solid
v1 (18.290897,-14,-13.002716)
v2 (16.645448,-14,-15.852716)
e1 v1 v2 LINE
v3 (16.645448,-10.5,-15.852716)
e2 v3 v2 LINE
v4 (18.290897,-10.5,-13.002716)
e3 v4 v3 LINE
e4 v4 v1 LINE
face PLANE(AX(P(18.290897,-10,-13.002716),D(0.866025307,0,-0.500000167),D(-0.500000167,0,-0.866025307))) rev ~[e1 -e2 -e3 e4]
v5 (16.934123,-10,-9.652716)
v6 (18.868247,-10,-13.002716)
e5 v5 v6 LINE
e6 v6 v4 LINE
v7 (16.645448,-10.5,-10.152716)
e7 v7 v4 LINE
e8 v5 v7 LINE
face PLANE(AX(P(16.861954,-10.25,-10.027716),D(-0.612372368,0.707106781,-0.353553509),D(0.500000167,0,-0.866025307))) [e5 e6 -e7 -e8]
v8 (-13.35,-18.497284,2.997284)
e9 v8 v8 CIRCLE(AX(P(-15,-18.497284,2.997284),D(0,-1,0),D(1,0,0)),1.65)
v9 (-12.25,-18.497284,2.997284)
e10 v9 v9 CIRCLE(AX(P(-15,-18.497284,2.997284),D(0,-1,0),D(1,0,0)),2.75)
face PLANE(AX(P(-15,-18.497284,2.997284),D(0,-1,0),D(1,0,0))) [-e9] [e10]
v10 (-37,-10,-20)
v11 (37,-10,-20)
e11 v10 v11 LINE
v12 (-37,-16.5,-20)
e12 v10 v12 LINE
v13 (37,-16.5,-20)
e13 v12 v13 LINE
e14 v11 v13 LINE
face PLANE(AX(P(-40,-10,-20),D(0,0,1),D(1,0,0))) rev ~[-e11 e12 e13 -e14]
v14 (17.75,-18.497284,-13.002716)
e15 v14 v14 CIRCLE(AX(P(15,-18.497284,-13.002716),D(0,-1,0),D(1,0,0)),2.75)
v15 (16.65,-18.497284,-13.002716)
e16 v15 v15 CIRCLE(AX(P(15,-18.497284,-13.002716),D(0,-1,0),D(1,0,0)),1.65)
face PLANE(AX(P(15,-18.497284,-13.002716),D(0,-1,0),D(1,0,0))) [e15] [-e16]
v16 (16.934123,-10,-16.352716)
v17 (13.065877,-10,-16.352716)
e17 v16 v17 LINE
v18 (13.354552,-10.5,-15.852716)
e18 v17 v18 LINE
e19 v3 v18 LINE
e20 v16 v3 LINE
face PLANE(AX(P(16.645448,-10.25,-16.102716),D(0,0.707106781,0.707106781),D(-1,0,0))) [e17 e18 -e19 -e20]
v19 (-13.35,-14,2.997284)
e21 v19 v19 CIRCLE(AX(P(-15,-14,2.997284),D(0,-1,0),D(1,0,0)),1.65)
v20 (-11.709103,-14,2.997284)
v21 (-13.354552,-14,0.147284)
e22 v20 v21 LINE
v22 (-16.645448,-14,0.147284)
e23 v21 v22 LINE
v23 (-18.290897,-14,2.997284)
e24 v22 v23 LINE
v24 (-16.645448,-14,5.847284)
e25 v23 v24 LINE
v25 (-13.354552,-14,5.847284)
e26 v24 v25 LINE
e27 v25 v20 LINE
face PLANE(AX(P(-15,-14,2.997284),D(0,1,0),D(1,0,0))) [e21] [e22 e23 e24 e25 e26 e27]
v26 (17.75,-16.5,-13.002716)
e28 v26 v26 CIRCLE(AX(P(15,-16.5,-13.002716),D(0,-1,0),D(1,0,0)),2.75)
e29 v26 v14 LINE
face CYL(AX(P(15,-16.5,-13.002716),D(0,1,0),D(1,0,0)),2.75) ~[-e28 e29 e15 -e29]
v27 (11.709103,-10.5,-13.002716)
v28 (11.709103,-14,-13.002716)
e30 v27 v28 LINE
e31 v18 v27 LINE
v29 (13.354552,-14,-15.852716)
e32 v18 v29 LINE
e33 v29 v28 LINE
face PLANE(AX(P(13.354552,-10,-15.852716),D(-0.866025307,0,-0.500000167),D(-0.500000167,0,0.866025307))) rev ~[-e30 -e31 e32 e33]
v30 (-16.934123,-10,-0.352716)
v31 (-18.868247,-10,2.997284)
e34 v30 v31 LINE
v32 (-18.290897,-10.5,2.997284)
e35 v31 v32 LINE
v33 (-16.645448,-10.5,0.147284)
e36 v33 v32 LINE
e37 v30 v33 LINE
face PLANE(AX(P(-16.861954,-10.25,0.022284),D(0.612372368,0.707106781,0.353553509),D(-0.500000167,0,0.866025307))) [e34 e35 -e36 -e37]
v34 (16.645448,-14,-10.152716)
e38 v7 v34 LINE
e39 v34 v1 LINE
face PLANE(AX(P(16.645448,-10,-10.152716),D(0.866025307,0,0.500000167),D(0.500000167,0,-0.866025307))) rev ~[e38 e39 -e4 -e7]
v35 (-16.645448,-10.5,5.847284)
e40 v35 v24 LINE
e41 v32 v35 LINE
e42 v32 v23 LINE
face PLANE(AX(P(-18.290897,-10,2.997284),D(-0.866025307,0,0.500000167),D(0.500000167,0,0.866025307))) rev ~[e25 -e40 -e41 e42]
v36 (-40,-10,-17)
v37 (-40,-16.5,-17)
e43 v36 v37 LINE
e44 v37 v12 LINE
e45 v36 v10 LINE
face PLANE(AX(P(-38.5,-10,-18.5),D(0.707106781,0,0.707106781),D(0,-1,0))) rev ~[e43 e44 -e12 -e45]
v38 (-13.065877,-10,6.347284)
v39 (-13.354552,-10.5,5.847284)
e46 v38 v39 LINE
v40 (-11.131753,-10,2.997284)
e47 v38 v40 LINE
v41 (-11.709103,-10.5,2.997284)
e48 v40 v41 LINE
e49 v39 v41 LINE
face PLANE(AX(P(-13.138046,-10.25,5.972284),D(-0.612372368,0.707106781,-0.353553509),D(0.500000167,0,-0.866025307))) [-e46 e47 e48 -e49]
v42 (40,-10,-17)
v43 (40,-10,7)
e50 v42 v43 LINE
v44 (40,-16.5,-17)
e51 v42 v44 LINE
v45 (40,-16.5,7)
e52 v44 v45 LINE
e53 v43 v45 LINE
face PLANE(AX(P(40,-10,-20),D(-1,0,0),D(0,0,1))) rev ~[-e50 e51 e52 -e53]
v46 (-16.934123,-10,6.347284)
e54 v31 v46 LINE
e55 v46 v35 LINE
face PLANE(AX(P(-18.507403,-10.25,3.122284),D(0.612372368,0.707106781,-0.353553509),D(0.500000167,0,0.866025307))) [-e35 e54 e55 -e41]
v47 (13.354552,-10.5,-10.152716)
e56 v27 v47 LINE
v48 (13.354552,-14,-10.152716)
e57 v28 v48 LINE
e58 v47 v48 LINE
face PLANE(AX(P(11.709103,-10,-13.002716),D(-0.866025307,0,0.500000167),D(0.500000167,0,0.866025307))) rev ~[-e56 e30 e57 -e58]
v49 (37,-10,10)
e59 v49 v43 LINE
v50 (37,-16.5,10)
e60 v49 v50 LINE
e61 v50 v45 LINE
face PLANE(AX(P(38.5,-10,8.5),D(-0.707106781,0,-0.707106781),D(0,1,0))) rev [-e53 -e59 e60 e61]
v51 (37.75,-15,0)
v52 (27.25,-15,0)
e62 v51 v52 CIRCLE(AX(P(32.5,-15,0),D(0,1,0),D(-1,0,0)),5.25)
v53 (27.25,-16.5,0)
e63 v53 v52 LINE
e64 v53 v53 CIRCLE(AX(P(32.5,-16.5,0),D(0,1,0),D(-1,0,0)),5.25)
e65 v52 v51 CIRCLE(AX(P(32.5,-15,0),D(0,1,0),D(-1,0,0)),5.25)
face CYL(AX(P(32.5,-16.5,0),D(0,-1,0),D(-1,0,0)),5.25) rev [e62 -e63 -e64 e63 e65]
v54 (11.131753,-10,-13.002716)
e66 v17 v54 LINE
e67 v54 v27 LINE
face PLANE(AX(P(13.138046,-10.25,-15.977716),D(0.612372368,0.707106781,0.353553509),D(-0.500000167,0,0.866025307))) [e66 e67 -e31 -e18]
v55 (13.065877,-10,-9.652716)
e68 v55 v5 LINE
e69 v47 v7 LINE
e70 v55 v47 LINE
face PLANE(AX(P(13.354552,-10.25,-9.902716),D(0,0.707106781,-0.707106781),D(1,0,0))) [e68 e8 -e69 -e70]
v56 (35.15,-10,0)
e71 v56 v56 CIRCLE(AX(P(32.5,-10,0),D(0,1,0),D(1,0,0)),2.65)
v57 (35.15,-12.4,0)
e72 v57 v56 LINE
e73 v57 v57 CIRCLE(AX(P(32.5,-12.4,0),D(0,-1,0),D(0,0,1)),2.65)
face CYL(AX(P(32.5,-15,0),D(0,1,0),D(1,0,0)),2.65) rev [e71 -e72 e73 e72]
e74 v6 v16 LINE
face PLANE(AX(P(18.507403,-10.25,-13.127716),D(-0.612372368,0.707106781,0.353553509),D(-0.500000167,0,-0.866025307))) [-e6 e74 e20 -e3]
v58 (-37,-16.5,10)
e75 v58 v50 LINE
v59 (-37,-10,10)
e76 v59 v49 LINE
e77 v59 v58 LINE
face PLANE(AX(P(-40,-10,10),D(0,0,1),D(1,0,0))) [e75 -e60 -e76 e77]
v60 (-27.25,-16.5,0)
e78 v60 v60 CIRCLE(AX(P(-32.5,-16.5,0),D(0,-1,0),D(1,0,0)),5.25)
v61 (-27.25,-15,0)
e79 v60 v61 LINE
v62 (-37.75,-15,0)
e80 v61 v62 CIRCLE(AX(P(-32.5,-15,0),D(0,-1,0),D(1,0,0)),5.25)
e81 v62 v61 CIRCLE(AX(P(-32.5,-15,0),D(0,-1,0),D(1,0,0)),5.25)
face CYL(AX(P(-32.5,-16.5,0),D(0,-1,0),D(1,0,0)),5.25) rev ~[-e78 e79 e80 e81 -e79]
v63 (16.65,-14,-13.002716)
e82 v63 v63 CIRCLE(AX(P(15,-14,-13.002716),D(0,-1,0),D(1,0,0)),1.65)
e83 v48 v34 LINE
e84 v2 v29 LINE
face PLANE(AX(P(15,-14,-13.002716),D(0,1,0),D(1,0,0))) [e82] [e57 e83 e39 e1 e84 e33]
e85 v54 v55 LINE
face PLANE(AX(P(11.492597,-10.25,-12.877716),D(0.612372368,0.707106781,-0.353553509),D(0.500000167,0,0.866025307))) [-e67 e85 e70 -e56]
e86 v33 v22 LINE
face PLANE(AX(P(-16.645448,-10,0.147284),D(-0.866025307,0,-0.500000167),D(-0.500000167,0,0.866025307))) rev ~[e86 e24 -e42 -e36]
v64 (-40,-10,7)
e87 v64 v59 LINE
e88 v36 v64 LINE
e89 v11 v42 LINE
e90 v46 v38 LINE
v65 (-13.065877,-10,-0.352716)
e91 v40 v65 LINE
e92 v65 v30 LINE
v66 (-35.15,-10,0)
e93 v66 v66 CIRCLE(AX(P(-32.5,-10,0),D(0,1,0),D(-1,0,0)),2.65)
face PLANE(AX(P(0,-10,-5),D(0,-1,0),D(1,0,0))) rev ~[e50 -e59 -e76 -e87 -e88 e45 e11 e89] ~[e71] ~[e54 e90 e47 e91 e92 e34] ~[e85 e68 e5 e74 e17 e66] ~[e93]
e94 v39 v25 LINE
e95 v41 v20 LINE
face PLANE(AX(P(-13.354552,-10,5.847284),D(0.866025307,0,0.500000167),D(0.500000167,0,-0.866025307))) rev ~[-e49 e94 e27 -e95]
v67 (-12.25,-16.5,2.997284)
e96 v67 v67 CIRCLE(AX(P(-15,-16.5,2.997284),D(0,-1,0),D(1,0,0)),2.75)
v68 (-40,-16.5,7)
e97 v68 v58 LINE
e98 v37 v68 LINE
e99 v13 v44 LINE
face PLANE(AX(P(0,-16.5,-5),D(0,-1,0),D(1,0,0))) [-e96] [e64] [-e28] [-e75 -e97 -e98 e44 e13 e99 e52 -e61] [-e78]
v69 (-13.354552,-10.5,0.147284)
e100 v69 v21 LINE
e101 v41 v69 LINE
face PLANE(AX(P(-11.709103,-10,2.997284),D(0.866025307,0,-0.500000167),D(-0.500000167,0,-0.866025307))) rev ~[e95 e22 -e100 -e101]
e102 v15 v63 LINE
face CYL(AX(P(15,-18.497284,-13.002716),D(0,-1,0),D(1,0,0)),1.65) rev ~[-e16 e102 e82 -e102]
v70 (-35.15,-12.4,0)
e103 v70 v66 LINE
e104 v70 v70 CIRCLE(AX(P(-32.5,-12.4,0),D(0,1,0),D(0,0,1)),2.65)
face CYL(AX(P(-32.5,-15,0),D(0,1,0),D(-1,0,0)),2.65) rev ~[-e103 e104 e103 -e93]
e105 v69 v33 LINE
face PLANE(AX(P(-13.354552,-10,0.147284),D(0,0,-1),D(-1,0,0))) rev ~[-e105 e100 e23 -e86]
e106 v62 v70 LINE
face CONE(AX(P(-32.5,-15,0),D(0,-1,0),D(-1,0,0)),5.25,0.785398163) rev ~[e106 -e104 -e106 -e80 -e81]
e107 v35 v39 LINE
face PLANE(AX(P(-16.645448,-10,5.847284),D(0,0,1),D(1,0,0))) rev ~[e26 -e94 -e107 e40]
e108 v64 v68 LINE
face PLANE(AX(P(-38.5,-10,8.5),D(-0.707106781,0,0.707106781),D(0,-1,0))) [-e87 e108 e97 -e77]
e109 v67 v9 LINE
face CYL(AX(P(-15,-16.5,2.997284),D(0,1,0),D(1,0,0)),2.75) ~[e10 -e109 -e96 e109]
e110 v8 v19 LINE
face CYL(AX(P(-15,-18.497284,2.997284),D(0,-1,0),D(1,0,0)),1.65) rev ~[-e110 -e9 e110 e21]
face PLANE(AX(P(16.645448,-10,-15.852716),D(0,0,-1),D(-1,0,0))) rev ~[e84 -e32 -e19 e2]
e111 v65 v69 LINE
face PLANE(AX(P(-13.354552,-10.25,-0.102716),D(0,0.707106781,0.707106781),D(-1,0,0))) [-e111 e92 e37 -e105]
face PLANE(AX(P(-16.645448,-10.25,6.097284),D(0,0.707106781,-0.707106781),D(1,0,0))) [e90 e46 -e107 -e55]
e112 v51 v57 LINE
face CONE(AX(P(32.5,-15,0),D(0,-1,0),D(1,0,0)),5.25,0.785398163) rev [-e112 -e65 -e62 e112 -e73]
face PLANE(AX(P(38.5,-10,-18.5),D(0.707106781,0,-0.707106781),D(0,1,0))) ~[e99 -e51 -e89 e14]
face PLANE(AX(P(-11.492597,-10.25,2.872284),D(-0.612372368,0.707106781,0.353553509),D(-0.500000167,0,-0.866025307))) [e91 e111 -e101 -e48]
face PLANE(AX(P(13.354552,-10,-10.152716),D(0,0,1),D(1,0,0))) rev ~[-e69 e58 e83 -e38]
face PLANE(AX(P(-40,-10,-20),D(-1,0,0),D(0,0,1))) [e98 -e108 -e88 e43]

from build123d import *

# Parameters (mm, degrees)
SKETCH003_W      = 80
SKETCH003_H      = 30
PAD001_DEPTH     = 6.5
SKETCH004_R      = 5.25
POCKET002_DEPTH  = 1.5
HOLE_D           = 5.3
HOLE_CSINK_D     = 10.5
HOLE_CSINK_ANGLE = 90
SKETCH006_R      = 2.75
PAD002_DEPTH     = 1.997284
SKETCH007_R      = 2.75
PAD003_DEPTH     = 1.997284
SKETCH008_R      = 1.65
POCKET003_DEPTH  = 8.498284
SKETCH009_R      = 1.65
POCKET004_DEPTH  = 8.498284
POCKET005_DEPTH  = 4
POCKET006_DEPTH  = 4
CHAMFER_SIZE     = 0.5
CHAMFER001_SIZE  = 3


with BuildPart() as part:
    # Sketch003 → Pad001 (new body)
    with BuildSketch(Plane.XZ):
        with Locations((0, -5)):
            Rectangle(SKETCH003_W, SKETCH003_H)
    extrude(amount=PAD001_DEPTH)

    # Sketch004 (on Face6 of Pad001) → Pocket002 (cut)
    with BuildSketch(Plane.XZ.offset(6.5)):
        with Locations((-32.5, 0)):
            Circle(SKETCH004_R)
    pocket002 = extrude(amount=-POCKET002_DEPTH, mode=Mode.SUBTRACT)

    # Mirrored: Pocket002 across Sketch004 V_Axis
    add(pocket002.mirror(Plane(origin=(0, -6.5, 0), x_dir=(0, -1, 0), z_dir=(1, 0, 0))), mode=Mode.SUBTRACT)

    # Hole (through all)
    with Locations(Plane.XZ.offset(5)):
        with Locations((-32.5, 0)):
            hole = CounterSinkHole(HOLE_D / 2, HOLE_CSINK_D / 2, counter_sink_angle=HOLE_CSINK_ANGLE)

    # Mirrored001: Hole across Sketch005 V_Axis
    add(hole.mirror(Plane(origin=(0, -5, 0), x_dir=(0, -1, 0), z_dir=(1, 0, 0))), mode=Mode.SUBTRACT)

    # Sketch006 (on Face5 of Mirrored001) → Pad002 (join)
    with BuildSketch(Plane.XZ.offset(6.5)):
        with Locations((-15, 2.997284)):
            Circle(SKETCH006_R)
    extrude(amount=PAD002_DEPTH)

    # Sketch007 (on Face5 of Pad002) → Pad003 (join)
    with BuildSketch(Plane.XZ.offset(6.5)):
        with Locations((15, -13.002716)):
            Circle(SKETCH007_R)
    extrude(amount=PAD003_DEPTH)

    # Sketch008 (on Face15 of Pad003) → Pocket003 (cut, through all)
    with BuildSketch(Plane.XZ.offset(8.497284)):
        with Locations((-15, 2.997284)):
            Circle(SKETCH008_R)
    extrude(amount=-POCKET003_DEPTH, mode=Mode.SUBTRACT)

    # Sketch009 (on Face17 of Pocket003) → Pocket004 (cut, through all)
    with BuildSketch(Plane.XZ.offset(8.497284)):
        with Locations((15, -13.002716)):
            Circle(SKETCH009_R)
    extrude(amount=-POCKET004_DEPTH, mode=Mode.SUBTRACT)

    # Sketch010 (on Face4 of Pocket004) → Pocket005 (cut)
    with BuildSketch(Plane(origin=(0, 0, 0), x_dir=(1, 0, 0), z_dir=(0, 1, 0))):
        Polygon((13.354552, 15.852716), (11.709103, 13.002716), (13.354552, 10.152716), (16.645448, 10.152716), (18.290897, 13.002716), (16.645448, 15.852716), align=None)
    extrude(amount=-POCKET005_DEPTH, mode=Mode.SUBTRACT)

    # Sketch011 (on Face4 of Pocket005) → Pocket006 (cut)
    with BuildSketch(Plane(origin=(0, 0, 0), x_dir=(1, 0, 0), z_dir=(0, 1, 0))):
        Polygon((-16.645448, -0.147284), (-18.290897, -2.997284), (-16.645448, -5.847284), (-13.354552, -5.847284), (-11.709103, -2.997284), (-13.354552, -0.147284), align=None)
    extrude(amount=-POCKET006_DEPTH, mode=Mode.SUBTRACT)

    # Chamfer
    chamfer_edges = [part.edges().sort_by_distance(p)[0] for p in [
        (-17.468172, 0, 4.422284),
        (-17.468172, 0, 1.572284),
        (-15, 0, 0.147284),
        (-12.531828, 0, 1.572284),
        (-12.531828, 0, 4.422284),
        (-15, 0, 5.847284),
        (12.531828, 0, -11.577716),
        (12.531828, 0, -14.427716),
        (15, 0, -15.852716),
        (17.468172, 0, -14.427716),
        (17.468172, 0, -11.577716),
        (15, 0, -10.152716),
    ]]
    chamfer(chamfer_edges, length=CHAMFER_SIZE)

    # Chamfer001
    chamfer001_edges = [part.edges().sort_by_distance(p)[0] for p in [
        (40, -3.25, 10),
        (40, -3.25, -20),
        (-40, -3.25, -20),
        (-40, -3.25, 10),
    ]]
    chamfer(chamfer001_edges, length=CHAMFER001_SIZE)


with BuildPart() as part_1:
    # Body002 placement: moved
    add(part.part.moved(Location((0, -10, 0))))


solid = part_1.part
